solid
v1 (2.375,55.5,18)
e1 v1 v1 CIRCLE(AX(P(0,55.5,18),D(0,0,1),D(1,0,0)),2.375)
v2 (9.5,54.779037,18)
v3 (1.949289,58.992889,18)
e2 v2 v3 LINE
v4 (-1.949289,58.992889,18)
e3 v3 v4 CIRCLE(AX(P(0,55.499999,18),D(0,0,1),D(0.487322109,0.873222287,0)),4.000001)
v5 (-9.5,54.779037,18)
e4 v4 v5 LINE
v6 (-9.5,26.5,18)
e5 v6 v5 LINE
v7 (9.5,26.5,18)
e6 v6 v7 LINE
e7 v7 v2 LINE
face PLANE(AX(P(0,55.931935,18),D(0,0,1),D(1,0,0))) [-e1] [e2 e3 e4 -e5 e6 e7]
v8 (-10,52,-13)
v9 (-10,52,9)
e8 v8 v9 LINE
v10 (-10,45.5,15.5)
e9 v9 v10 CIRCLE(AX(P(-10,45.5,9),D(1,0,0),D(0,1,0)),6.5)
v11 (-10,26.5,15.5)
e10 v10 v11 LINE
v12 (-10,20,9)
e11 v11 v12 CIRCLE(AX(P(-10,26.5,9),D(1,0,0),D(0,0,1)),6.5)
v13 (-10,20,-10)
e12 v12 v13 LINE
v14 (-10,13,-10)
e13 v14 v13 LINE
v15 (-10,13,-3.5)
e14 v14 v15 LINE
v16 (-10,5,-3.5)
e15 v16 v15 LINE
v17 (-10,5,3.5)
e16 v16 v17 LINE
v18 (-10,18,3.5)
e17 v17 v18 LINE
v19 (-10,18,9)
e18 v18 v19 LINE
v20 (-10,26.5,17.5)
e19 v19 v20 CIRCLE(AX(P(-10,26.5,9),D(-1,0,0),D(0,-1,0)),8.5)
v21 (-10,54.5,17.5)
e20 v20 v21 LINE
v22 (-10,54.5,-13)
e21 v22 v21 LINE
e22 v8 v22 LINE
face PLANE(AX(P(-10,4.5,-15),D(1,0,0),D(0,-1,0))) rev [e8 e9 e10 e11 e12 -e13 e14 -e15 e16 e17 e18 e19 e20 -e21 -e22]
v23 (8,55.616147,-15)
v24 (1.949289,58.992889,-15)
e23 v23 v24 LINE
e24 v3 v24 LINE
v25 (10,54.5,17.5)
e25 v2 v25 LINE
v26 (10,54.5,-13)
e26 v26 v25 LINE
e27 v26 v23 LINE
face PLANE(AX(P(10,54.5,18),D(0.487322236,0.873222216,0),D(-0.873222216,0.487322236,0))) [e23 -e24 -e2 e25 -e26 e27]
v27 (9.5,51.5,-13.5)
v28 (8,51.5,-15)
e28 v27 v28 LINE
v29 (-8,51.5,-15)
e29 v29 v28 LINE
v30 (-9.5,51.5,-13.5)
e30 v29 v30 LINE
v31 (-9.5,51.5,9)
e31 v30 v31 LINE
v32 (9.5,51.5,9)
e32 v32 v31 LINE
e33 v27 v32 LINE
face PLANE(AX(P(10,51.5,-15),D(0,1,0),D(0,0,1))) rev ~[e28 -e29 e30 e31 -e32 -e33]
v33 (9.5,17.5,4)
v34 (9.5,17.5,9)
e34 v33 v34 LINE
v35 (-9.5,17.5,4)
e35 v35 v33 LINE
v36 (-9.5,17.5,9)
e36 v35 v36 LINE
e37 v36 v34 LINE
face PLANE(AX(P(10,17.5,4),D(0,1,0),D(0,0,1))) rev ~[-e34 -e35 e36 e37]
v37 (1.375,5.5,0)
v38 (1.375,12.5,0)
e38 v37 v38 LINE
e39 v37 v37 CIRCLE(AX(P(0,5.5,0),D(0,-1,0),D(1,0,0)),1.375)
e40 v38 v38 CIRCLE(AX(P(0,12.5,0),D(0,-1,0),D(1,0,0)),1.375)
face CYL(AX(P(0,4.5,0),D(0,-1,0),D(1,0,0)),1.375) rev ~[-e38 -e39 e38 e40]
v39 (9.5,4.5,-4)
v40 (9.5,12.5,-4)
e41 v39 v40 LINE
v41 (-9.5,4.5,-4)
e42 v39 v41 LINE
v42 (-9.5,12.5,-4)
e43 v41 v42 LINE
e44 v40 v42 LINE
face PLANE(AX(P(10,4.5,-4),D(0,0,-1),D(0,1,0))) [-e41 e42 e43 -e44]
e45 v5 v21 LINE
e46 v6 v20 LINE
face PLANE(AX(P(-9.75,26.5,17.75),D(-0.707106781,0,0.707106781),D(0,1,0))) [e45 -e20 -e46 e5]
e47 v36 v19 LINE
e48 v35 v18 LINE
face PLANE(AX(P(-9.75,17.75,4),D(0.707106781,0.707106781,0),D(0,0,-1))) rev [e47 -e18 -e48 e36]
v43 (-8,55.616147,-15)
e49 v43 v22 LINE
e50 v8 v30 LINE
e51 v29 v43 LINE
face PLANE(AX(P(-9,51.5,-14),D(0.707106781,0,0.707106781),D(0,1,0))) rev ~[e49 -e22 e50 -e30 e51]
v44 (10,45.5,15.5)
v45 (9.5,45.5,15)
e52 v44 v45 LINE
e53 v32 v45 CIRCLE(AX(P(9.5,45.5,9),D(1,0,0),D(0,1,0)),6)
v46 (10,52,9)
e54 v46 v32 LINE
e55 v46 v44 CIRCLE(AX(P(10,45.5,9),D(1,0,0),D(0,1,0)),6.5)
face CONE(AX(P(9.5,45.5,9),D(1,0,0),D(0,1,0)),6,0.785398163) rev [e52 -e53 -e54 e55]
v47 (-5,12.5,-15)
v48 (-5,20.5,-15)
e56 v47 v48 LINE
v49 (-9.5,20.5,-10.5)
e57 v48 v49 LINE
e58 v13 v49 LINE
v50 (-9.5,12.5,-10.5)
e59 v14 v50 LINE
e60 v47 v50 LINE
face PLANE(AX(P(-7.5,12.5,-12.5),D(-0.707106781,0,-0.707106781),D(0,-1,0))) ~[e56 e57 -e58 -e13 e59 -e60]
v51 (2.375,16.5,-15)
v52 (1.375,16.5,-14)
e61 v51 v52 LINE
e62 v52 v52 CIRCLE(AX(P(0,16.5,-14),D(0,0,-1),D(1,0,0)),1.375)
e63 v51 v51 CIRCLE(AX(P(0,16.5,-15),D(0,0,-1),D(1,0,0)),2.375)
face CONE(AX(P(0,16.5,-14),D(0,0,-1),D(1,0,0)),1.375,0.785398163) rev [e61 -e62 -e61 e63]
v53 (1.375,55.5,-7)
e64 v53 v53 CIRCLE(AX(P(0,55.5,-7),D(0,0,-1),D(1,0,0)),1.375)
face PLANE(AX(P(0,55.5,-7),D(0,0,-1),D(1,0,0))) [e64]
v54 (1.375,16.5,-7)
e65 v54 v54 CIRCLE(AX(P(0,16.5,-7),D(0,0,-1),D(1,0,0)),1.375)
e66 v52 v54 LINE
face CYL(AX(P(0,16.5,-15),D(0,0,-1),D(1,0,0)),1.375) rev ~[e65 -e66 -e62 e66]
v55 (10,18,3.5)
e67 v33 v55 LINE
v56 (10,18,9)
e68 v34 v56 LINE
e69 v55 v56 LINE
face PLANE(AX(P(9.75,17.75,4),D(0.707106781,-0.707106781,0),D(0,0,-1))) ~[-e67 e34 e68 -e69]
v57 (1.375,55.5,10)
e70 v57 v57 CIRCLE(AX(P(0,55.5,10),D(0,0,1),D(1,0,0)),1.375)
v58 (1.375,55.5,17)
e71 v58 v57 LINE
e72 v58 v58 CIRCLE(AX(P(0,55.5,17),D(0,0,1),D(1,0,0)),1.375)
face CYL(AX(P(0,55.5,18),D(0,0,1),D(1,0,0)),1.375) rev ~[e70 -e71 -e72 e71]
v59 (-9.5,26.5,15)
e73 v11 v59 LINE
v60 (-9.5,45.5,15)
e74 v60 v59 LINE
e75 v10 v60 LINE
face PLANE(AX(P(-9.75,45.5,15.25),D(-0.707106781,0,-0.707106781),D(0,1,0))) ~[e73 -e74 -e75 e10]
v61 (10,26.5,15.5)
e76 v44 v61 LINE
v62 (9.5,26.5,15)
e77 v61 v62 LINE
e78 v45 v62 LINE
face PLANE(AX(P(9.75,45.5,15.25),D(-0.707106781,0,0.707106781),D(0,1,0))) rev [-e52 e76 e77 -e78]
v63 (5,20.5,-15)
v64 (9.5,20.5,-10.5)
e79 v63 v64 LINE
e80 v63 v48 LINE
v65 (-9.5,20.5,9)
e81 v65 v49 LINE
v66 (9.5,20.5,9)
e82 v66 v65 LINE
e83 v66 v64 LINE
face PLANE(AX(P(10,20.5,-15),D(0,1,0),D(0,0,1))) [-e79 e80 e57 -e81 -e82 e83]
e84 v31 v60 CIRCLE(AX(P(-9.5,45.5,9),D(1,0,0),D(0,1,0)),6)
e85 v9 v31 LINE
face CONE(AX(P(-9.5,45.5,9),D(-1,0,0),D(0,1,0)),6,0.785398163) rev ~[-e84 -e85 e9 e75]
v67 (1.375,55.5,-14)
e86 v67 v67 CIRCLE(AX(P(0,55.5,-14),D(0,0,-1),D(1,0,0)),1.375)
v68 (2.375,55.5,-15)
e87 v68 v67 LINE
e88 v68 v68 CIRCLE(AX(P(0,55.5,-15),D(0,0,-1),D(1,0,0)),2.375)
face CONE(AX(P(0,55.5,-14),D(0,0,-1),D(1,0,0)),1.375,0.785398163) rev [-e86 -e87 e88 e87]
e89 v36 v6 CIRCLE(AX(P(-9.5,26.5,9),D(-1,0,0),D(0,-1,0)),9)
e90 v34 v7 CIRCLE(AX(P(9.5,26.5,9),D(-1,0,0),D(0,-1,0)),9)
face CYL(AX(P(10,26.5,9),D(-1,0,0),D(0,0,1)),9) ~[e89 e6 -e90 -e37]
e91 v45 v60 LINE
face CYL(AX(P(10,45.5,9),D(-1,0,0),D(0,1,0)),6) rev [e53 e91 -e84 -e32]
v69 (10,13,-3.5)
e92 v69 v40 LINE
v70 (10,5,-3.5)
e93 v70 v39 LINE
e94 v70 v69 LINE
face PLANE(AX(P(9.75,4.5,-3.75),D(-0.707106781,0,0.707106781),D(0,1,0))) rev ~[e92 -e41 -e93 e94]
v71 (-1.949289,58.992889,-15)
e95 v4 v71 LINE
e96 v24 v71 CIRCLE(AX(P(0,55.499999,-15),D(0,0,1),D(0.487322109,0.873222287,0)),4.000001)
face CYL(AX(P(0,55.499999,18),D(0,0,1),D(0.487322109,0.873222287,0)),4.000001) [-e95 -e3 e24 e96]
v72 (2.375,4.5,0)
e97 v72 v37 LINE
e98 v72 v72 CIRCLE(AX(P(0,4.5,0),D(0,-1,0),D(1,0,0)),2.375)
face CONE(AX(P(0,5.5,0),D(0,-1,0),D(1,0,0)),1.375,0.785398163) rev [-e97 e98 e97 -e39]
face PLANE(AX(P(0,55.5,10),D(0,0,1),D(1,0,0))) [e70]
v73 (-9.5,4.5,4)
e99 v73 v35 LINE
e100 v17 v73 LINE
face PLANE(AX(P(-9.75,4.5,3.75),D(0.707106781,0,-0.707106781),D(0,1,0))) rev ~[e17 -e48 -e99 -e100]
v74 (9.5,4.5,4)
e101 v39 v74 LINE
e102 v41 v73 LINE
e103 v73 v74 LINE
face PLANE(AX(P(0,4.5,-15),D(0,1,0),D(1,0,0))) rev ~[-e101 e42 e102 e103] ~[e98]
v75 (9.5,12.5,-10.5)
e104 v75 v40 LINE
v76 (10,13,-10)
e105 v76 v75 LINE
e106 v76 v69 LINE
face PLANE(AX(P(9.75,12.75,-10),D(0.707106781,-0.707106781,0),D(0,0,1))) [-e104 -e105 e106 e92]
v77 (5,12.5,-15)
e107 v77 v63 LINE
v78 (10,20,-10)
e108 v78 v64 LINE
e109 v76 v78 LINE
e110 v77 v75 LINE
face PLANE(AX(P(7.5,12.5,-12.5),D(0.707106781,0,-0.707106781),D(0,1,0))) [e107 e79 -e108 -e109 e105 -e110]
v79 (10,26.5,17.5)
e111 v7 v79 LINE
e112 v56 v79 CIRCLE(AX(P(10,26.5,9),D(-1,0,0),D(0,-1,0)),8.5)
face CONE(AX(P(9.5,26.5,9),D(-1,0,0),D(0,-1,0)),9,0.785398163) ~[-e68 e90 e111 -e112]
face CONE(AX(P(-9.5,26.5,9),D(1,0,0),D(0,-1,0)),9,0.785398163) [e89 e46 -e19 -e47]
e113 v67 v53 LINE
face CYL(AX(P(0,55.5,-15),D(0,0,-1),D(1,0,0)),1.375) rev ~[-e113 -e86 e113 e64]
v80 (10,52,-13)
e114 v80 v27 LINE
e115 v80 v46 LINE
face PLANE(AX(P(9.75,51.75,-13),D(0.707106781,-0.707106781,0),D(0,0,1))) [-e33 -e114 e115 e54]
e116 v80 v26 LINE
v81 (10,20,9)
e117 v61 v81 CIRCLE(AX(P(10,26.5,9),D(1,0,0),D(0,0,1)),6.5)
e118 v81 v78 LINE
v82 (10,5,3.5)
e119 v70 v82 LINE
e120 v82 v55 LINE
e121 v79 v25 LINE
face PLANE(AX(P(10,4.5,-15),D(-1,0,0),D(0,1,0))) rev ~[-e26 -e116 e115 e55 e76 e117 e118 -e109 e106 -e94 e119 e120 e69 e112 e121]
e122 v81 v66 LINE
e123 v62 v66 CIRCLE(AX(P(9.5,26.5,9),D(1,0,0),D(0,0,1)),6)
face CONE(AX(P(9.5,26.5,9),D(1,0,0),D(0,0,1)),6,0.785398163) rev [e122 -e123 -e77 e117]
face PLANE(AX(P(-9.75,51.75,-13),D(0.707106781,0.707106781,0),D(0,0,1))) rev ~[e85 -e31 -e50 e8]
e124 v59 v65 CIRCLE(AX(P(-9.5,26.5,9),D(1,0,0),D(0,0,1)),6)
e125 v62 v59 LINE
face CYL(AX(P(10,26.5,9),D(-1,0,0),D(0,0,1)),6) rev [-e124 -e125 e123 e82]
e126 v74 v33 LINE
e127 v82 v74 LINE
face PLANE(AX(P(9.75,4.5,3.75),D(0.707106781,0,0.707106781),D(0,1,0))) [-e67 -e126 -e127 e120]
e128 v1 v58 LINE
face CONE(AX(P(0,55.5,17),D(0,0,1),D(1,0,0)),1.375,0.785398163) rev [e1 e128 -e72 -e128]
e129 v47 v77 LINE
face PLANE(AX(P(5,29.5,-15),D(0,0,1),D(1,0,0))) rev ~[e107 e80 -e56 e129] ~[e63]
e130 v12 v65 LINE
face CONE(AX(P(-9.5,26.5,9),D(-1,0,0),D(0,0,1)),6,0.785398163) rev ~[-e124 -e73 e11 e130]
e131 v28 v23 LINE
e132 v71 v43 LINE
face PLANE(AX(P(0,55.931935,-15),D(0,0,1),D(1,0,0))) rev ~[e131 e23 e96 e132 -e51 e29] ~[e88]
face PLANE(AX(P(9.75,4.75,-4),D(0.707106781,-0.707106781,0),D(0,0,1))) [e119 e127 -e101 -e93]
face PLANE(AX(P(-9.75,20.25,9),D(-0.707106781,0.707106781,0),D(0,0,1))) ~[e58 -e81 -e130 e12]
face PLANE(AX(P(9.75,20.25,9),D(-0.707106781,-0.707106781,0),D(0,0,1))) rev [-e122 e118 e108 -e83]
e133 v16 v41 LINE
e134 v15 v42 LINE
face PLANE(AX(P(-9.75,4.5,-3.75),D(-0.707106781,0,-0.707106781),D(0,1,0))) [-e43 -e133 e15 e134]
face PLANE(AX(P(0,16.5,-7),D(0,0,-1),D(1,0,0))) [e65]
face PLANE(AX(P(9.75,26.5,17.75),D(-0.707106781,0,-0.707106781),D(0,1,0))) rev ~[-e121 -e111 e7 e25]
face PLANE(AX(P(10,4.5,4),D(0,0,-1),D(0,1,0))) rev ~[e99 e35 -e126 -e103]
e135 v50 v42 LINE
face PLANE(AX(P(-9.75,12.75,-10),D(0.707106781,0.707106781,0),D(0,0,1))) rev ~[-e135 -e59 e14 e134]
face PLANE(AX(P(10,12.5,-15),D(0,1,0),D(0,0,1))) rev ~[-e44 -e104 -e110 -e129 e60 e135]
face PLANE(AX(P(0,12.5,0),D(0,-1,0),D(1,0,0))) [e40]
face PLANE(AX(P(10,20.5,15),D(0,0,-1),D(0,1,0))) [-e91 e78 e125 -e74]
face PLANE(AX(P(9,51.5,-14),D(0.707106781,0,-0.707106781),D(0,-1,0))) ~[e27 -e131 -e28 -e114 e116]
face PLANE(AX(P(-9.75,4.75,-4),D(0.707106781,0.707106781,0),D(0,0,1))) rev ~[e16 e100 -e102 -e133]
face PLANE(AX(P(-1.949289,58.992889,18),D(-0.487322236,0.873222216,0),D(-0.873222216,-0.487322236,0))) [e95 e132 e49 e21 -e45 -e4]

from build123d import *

# Parameters (mm, degrees)
BOX_W             = 10
BOX_H             = 50
BOX_DEPTH         = 33
SKETCH005_W       = 31
SKETCH005_H       = 30
SKETCH005_W_2     = 13
SKETCH005_H_2     = 14
SKETCH005_W_3     = 8
SKETCH005_H_3     = 11
POCKET003_DEPTH   = 10
CHAMFER009_SIZE   = 5
FILLET004_1_R     = 9
FILLET004_2_R     = 6
SKETCH010_R       = 1.375
POCKET006_DEPTH   = 8
SKETCH011_R       = 1.375
POCKET007_DEPTH   = 8
CHAMFER011_SIZE   = 1
PAD004_DEPTH      = 33
SKETCH016_R       = 1.375
POCKET011_DEPTH   = 8
SKETCH025_R       = 1.375
POCKET017_DEPTH   = 8
CHAMFER012_1_SIZE = 2
CHAMFER012_2_SIZE = 1
CHAMFER015_SIZE   = 0.5


with BuildPart() as batterybracketbatteryfillet004:
    # Box → Box (new body)
    with BuildSketch(Plane(origin=(0, 4.5, -15), x_dir=(1, 0, 0), z_dir=(0, 0, 1))):
        with Locations((5, 25)):
            Rectangle(BOX_W, BOX_H)
    extrude(amount=BOX_DEPTH)

    # Sketch005 → Pocket003 (cut)
    with BuildSketch(Plane(origin=(10, 4.5, -15), x_dir=(0, 1, 0), z_dir=(1, 0, 0))):
        with Locations((31.5, 15)):
            Rectangle(SKETCH005_W, SKETCH005_H)
        with Locations((6.5, 26)):
            Rectangle(SKETCH005_W_2, SKETCH005_H_2)
        with Locations((4, 5.5)):
            Rectangle(SKETCH005_W_3, SKETCH005_H_3)
    extrude(amount=-POCKET003_DEPTH, mode=Mode.SUBTRACT)

    # Chamfer009
    chamfer009_edges = [batterybracketbatteryfillet004.edges().sort_by_distance(p)[0] for p in [
        (10, 16.5, -15),
    ]]
    chamfer(chamfer009_edges, length=CHAMFER009_SIZE)

    # Fillet004 1
    fillet004_1_edges = [batterybracketbatteryfillet004.edges().sort_by_distance(p)[0] for p in [
        (5, 17.5, 18),
    ]]
    fillet(fillet004_1_edges, radius=FILLET004_1_R)

    # Fillet004 2
    fillet004_2_edges = [batterybracketbatteryfillet004.edges().sort_by_distance(p)[0] for p in [
        (5, 20.5, 15),
        (5, 51.5, 15),
    ]]
    fillet(fillet004_2_edges, radius=FILLET004_2_R)


with BuildPart() as batterybracketprintingchamfer021_final:
    # Part__Mirroring003: instance of BatteryBracketBatteryFillet004
    add(batterybracketbatteryfillet004.part.mirror(Plane(origin=(0, 0, 0), x_dir=(0, -1, 0), z_dir=(1, 0, 0))))

    # Fusion: union BatteryBracketBatteryFillet004
    add(batterybracketbatteryfillet004.part)

    # Sketch010 → Pocket006 (cut)
    with BuildSketch(Plane.XZ.offset(-4.5)):
        Circle(SKETCH010_R)
    extrude(amount=-POCKET006_DEPTH, mode=Mode.SUBTRACT)

    # Sketch011 → Pocket007 (cut)
    with BuildSketch(Plane(origin=(0, 0, -15), x_dir=(1, 0, 0), z_dir=(0, 0, -1))):
        with Locations((0, -16.5)):
            Circle(SKETCH011_R)
    extrude(amount=-POCKET007_DEPTH, mode=Mode.SUBTRACT)

    # Chamfer011
    chamfer011_edges = [batterybracketprintingchamfer021_final.edges().sort_by_distance(p)[0] for p in [
        (-1.375, 4.5, 0),
        (-1.375, 16.5, -15),
    ]]
    chamfer(chamfer011_edges, length=CHAMFER011_SIZE)

    # Sketch015 → Pad004 (new body)
    with BuildSketch(Plane.XY.offset(18)):
        with BuildLine():
            Line((10, 54.5), (1.949289, 58.992889))
            ThreePointArc((1.949289, 58.992889), (0, 59.5), (-1.949289, 58.992889))
            Line((-1.949289, 58.992889), (-10, 54.5))
            Line((-10, 54.5), (10, 54.5))
        make_face()
    extrude(amount=-PAD004_DEPTH)

    # Sketch016 → Pocket011 (cut)
    with BuildSketch(Plane.XY.offset(18)):
        with Locations((0, 55.5)):
            Circle(SKETCH016_R)
    extrude(amount=-POCKET011_DEPTH, mode=Mode.SUBTRACT)

    # Sketch025 → Pocket017 (cut)
    with BuildSketch(Plane(origin=(0, 0, -15), x_dir=(1, 0, 0), z_dir=(0, 0, -1))):
        with Locations((0, -55.5)):
            Circle(SKETCH025_R)
    extrude(amount=-POCKET017_DEPTH, mode=Mode.SUBTRACT)

    # Chamfer012 1
    chamfer012_1_edges = [batterybracketprintingchamfer021_final.edges().sort_by_distance(p)[0] for p in [
        (-10, 53, -15),
        (10, 53, -15),
    ]]
    chamfer(chamfer012_1_edges, length=CHAMFER012_1_SIZE)

    # Chamfer012 2
    chamfer012_2_edges = [batterybracketprintingchamfer021_final.edges().sort_by_distance(p)[0] for p in [
        (-1.375, 55.5, -15),
        (-1.375, 55.5, 18),
    ]]
    chamfer(chamfer012_2_edges, length=CHAMFER012_2_SIZE)

    # Chamfer015
    chamfer015_edges = [batterybracketprintingchamfer021_final.edges().sort_by_distance(p)[0] for p in [
        (-10, 51.5, -2),
        (-10, 49.742641, 13.242641),
        (-10, 36, 15),
        (-10, 40.5, 18),
        (-10, 22.257359, 13.242641),
        (-10, 20.136039, 15.363961),
        (-10, 20.5, -0.5),
        (-10, 17.5, 6.5),
        (-10, 11, 4),
        (-10, 12.5, -7),
        (-10, 4.5, 0),
        (-10, 8.5, -4),
        (10, 51.5, -2),
        (10, 36, 15),
        (10, 40.5, 18),
        (10, 20.5, -0.5),
        (10, 17.5, 6.5),
        (10, 11, 4),
        (10, 12.5, -7),
        (10, 4.5, 0),
        (10, 8.5, -4),
        (10, 49.742641, 13.242641),
        (10, 22.257359, 13.242641),
        (10, 20.136039, 15.363961),
    ]]
    chamfer(chamfer015_edges, length=CHAMFER015_SIZE)


solid = batterybracketprintingchamfer021_final.part
